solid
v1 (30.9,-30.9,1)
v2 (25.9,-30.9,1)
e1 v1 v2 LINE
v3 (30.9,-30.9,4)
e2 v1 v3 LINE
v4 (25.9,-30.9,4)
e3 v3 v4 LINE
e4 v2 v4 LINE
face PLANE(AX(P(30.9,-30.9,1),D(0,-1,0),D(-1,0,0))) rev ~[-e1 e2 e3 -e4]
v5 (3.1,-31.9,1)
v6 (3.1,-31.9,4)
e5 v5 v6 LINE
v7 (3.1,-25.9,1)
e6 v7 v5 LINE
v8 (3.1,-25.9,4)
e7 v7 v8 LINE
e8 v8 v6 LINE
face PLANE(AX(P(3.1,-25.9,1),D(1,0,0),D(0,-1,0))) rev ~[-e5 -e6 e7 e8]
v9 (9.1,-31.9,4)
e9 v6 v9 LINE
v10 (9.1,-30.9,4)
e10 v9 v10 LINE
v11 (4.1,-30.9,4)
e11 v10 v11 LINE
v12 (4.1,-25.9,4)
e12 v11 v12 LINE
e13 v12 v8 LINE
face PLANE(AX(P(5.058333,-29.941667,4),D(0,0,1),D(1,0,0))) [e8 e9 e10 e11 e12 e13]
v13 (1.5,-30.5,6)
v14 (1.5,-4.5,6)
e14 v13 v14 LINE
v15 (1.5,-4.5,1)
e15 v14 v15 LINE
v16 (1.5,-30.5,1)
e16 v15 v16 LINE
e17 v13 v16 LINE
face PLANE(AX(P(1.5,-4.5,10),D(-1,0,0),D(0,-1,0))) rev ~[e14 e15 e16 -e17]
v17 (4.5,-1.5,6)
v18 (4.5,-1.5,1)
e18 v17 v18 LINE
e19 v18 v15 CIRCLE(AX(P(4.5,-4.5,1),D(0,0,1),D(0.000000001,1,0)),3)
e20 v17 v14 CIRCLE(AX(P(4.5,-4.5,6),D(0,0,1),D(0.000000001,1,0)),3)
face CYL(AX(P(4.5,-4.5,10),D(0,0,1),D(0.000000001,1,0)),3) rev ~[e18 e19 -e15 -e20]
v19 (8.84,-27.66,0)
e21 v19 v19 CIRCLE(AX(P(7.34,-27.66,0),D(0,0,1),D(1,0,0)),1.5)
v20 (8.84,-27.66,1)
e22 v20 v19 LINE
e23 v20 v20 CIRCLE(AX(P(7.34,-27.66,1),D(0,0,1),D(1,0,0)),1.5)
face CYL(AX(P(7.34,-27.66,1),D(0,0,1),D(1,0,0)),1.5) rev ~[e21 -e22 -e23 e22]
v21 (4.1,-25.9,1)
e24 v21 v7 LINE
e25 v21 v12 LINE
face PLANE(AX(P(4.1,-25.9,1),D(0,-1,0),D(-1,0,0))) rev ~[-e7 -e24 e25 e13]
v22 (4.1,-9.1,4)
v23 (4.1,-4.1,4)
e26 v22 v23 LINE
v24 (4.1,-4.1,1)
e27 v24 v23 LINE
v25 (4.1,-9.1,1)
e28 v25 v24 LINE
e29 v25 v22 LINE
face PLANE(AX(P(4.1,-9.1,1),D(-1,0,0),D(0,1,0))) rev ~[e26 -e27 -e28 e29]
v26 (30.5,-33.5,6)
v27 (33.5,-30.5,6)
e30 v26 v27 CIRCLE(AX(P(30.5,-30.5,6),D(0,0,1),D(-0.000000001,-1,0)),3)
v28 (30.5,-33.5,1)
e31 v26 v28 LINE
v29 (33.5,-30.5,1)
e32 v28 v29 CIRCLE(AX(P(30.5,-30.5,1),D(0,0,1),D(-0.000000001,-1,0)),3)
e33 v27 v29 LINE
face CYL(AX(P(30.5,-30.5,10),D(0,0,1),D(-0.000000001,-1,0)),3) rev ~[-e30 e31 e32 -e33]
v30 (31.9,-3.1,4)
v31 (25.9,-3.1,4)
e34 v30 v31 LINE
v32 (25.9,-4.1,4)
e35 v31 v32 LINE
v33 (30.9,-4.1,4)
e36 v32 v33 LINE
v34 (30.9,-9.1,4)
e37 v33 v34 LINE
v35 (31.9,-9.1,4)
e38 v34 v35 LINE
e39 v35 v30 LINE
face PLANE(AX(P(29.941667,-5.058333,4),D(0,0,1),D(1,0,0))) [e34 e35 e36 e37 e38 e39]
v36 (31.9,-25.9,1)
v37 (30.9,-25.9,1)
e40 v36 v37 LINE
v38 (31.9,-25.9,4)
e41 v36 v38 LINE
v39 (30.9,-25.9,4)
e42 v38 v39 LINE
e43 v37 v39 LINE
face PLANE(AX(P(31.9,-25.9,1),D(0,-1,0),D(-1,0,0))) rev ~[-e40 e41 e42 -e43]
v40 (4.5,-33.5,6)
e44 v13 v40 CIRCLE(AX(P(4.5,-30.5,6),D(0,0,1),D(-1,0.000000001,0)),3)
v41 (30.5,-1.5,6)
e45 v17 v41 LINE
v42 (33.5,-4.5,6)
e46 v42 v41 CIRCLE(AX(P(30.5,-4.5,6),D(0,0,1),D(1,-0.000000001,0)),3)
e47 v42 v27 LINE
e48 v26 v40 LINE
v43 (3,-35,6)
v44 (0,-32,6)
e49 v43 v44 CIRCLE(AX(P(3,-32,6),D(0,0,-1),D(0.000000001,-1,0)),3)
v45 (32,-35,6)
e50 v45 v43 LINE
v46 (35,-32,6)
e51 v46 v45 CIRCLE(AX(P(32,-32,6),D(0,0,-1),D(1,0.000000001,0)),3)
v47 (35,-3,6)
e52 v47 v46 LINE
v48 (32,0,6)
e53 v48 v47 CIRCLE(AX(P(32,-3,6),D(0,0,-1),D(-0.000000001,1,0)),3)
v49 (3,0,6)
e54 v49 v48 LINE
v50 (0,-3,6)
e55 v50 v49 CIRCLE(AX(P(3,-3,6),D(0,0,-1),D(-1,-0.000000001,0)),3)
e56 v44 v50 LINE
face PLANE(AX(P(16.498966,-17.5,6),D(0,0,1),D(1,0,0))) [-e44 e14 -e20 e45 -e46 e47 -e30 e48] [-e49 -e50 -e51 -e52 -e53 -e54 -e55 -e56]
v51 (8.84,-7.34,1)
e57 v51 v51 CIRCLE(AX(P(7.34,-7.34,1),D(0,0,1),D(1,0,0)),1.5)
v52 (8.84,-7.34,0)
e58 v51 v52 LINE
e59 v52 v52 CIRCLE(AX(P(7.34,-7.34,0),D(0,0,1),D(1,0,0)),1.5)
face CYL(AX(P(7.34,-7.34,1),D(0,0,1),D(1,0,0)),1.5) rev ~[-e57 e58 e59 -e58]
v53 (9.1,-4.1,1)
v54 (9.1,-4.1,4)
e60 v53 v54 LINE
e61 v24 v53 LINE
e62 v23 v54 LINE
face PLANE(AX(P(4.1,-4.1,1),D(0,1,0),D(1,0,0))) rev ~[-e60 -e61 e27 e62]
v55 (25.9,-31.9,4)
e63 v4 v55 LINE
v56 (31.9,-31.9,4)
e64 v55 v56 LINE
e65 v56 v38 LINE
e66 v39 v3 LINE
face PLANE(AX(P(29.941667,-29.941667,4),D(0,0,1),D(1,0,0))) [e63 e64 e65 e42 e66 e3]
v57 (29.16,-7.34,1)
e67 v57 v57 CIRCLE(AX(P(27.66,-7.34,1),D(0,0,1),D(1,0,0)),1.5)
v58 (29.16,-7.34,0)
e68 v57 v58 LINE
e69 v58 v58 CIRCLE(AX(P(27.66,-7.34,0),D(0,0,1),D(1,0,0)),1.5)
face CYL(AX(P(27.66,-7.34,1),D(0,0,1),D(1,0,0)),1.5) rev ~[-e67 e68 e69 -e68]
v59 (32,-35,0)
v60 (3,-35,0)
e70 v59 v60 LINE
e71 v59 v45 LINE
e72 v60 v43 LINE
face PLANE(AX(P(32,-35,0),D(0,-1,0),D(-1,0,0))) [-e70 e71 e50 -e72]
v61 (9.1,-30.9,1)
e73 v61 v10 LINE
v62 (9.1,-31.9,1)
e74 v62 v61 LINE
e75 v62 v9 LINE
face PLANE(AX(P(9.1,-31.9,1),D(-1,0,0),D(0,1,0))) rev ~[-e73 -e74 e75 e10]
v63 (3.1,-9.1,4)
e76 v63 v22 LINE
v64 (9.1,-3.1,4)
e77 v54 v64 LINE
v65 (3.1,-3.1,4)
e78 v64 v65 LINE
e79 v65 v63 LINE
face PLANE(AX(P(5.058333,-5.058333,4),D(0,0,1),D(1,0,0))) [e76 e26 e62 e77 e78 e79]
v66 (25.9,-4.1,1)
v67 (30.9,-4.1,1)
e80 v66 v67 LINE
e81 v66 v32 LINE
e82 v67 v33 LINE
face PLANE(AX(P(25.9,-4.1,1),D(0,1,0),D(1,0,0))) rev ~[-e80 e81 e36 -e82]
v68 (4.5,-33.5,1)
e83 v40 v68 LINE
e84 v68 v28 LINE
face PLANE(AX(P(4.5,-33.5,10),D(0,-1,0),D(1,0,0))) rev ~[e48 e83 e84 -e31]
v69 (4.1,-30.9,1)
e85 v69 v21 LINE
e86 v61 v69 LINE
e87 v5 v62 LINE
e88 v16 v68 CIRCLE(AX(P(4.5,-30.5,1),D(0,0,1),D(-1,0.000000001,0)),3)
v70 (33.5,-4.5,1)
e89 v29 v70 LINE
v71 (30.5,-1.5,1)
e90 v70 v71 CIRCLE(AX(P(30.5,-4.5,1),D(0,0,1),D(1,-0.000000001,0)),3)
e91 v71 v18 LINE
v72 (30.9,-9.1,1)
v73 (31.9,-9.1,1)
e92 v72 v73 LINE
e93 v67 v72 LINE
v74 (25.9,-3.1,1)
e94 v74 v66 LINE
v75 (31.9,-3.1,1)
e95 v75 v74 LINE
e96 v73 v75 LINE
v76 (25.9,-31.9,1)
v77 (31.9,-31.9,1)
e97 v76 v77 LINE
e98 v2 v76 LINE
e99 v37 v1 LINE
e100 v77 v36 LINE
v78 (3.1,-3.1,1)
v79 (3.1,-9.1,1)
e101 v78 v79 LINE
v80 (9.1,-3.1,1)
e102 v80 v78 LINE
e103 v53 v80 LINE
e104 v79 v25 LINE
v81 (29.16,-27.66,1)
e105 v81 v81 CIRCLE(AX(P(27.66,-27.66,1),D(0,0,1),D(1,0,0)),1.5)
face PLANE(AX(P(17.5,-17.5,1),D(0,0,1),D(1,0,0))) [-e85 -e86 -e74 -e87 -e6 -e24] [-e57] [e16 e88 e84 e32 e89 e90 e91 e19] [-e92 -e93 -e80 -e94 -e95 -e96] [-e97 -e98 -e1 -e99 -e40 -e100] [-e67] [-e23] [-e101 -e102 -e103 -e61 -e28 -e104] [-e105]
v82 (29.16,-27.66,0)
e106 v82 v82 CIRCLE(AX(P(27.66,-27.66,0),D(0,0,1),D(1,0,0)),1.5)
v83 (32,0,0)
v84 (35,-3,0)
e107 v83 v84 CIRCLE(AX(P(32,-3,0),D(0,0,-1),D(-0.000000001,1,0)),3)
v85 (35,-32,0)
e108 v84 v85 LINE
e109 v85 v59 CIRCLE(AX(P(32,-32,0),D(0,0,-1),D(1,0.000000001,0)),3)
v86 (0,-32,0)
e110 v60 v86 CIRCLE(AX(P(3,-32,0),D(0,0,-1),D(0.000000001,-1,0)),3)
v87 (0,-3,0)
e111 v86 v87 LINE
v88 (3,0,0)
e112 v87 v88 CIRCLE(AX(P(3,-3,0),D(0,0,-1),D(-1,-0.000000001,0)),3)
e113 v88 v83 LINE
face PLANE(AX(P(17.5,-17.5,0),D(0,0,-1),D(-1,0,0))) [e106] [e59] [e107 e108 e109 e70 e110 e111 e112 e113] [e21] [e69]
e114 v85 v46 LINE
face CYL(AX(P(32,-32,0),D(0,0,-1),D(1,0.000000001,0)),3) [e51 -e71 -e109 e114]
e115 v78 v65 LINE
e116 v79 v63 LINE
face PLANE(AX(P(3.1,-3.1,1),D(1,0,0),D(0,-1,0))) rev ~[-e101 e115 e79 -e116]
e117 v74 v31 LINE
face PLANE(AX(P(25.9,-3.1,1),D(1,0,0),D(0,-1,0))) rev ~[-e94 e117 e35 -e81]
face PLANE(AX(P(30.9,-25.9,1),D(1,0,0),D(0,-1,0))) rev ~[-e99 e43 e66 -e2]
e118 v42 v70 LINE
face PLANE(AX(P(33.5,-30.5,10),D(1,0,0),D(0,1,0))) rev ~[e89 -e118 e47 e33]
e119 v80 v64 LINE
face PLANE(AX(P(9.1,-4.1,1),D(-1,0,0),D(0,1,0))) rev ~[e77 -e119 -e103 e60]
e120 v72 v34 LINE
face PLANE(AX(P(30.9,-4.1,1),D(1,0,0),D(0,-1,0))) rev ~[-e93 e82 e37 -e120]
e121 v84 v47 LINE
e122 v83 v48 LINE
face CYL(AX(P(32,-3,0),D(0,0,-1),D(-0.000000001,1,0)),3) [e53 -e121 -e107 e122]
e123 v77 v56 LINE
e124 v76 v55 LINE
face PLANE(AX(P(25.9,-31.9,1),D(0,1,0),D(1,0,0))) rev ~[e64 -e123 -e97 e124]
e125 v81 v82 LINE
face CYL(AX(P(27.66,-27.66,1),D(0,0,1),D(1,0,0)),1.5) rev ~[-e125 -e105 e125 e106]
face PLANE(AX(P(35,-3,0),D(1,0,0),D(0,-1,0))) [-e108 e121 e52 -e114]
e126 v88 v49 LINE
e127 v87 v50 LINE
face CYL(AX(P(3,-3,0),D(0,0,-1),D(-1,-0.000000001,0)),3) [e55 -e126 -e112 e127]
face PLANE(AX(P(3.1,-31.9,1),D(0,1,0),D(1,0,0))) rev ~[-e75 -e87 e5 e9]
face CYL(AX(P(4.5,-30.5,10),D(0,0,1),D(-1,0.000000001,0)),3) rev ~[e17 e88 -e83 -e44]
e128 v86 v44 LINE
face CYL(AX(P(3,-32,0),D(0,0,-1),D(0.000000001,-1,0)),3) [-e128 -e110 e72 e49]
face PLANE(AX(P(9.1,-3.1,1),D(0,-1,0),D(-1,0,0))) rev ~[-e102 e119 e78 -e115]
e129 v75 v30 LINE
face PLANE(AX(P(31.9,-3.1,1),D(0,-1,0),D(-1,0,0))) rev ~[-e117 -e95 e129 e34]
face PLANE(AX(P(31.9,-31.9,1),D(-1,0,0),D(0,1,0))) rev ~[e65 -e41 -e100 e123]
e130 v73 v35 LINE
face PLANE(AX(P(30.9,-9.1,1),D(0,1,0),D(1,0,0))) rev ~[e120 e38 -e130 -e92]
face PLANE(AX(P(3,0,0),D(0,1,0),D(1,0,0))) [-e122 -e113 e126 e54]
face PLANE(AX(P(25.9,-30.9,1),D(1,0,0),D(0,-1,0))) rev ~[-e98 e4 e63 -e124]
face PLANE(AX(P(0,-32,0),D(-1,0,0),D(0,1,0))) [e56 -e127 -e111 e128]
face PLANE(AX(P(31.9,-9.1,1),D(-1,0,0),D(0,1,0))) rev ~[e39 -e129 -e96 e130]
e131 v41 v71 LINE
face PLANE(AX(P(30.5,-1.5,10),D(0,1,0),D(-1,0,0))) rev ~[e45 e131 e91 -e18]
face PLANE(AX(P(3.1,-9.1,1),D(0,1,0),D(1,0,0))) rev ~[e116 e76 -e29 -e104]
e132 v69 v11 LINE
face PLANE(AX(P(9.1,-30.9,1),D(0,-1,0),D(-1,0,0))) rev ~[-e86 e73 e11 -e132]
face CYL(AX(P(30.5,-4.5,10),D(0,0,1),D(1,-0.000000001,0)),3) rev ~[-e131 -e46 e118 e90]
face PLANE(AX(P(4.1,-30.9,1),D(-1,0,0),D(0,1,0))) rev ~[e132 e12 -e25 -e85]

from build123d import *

# Parameters (mm, degrees)
BOSS_EXTRUDE1_DEPTH = 10
CUT_EXTRUDE1_DEPTH  = 9
SKETCH5_R           = 1.5
CUT_EXTRUDE2_DEPTH  = 2
BOSS_EXTRUDE2_DEPTH = 3
SKETCH7_R           = 24.910226266
CUT_EXTRUDE5_DEPTH  = 4


with BuildPart() as part:
    # Sketch1 → Boss-Extrude1 (new body)
    with BuildSketch(Plane.XY):
        with BuildLine():
            Line((3, 0), (32, 0))
            ThreePointArc((32, 0), (34.121320344, -0.878679656), (35, -3))
            Line((35, -3), (35, -32))
            ThreePointArc((35, -32), (34.121320344, -34.121320344), (32, -35))
            Line((32, -35), (3, -35))
            ThreePointArc((3, -35), (0.878679656, -34.121320344), (0, -32))
            Line((0, -32), (0, -3))
            ThreePointArc((0, -3), (0.878679656, -0.878679656), (3, 0))
        make_face()
    extrude(amount=BOSS_EXTRUDE1_DEPTH)

    # Sketch2 → Cut-Extrude1 (cut)
    with BuildSketch(Plane.XY.offset(10)):
        with BuildLine():
            Line((1.5, -4.5), (1.5, -30.5))
            ThreePointArc((1.5, -30.5), (2.378679656, -32.621320344), (4.5, -33.5))
            Line((4.5, -33.5), (30.5, -33.5))
            ThreePointArc((30.5, -33.5), (32.621320344, -32.621320344), (33.5, -30.5))
            Line((33.5, -30.5), (33.5, -4.5))
            ThreePointArc((33.5, -4.5), (32.621320344, -2.378679656), (30.5, -1.5))
            Line((30.5, -1.5), (4.5, -1.5))
            ThreePointArc((4.5, -1.5), (2.378679656, -2.378679656), (1.5, -4.5))
        make_face()
    extrude(amount=-CUT_EXTRUDE1_DEPTH, mode=Mode.SUBTRACT)

    # Sketch5 → Cut-Extrude2 (cut, through all)
    with BuildSketch(Plane.XY.offset(1)):
        with Locations((7.34, -7.34)):
            Circle(SKETCH5_R)
        with Locations((7.34, -27.66)):
            Circle(SKETCH5_R)
        with Locations((27.66, -27.66)):
            Circle(SKETCH5_R)
        with Locations((27.66, -7.34)):
            Circle(SKETCH5_R)
    extrude(amount=-CUT_EXTRUDE2_DEPTH, mode=Mode.SUBTRACT)

    # Sketch3 → Boss-Extrude2 (add)
    with BuildSketch(Plane.XY.offset(1)):
        Polygon((3.1, -3.1), (3.1, -9.1), (4.1, -9.1), (4.1, -4.1), (9.1, -4.1), (9.1, -3.1), align=None)
        Polygon((30.9, -9.1), (31.9, -9.1), (31.9, -3.1), (25.9, -3.1), (25.9, -4.1), (30.9, -4.1), align=None)
        Polygon((25.9, -30.9), (25.9, -31.9), (31.9, -31.9), (31.9, -25.9), (30.9, -25.9), (30.9, -30.9), align=None)
        Polygon((3.1, -25.9), (3.1, -31.9), (9.1, -31.9), (9.1, -30.9), (4.1, -30.9), (4.1, -25.9), align=None)
    extrude(amount=BOSS_EXTRUDE2_DEPTH)

    # Sketch7 → Cut-Extrude5 (cut)
    with BuildSketch(Plane.XY.offset(10)):
        with Locations((16.498966125, -17.5)):
            Circle(SKETCH7_R)
    extrude(amount=-CUT_EXTRUDE5_DEPTH, mode=Mode.SUBTRACT)


solid = part.part
